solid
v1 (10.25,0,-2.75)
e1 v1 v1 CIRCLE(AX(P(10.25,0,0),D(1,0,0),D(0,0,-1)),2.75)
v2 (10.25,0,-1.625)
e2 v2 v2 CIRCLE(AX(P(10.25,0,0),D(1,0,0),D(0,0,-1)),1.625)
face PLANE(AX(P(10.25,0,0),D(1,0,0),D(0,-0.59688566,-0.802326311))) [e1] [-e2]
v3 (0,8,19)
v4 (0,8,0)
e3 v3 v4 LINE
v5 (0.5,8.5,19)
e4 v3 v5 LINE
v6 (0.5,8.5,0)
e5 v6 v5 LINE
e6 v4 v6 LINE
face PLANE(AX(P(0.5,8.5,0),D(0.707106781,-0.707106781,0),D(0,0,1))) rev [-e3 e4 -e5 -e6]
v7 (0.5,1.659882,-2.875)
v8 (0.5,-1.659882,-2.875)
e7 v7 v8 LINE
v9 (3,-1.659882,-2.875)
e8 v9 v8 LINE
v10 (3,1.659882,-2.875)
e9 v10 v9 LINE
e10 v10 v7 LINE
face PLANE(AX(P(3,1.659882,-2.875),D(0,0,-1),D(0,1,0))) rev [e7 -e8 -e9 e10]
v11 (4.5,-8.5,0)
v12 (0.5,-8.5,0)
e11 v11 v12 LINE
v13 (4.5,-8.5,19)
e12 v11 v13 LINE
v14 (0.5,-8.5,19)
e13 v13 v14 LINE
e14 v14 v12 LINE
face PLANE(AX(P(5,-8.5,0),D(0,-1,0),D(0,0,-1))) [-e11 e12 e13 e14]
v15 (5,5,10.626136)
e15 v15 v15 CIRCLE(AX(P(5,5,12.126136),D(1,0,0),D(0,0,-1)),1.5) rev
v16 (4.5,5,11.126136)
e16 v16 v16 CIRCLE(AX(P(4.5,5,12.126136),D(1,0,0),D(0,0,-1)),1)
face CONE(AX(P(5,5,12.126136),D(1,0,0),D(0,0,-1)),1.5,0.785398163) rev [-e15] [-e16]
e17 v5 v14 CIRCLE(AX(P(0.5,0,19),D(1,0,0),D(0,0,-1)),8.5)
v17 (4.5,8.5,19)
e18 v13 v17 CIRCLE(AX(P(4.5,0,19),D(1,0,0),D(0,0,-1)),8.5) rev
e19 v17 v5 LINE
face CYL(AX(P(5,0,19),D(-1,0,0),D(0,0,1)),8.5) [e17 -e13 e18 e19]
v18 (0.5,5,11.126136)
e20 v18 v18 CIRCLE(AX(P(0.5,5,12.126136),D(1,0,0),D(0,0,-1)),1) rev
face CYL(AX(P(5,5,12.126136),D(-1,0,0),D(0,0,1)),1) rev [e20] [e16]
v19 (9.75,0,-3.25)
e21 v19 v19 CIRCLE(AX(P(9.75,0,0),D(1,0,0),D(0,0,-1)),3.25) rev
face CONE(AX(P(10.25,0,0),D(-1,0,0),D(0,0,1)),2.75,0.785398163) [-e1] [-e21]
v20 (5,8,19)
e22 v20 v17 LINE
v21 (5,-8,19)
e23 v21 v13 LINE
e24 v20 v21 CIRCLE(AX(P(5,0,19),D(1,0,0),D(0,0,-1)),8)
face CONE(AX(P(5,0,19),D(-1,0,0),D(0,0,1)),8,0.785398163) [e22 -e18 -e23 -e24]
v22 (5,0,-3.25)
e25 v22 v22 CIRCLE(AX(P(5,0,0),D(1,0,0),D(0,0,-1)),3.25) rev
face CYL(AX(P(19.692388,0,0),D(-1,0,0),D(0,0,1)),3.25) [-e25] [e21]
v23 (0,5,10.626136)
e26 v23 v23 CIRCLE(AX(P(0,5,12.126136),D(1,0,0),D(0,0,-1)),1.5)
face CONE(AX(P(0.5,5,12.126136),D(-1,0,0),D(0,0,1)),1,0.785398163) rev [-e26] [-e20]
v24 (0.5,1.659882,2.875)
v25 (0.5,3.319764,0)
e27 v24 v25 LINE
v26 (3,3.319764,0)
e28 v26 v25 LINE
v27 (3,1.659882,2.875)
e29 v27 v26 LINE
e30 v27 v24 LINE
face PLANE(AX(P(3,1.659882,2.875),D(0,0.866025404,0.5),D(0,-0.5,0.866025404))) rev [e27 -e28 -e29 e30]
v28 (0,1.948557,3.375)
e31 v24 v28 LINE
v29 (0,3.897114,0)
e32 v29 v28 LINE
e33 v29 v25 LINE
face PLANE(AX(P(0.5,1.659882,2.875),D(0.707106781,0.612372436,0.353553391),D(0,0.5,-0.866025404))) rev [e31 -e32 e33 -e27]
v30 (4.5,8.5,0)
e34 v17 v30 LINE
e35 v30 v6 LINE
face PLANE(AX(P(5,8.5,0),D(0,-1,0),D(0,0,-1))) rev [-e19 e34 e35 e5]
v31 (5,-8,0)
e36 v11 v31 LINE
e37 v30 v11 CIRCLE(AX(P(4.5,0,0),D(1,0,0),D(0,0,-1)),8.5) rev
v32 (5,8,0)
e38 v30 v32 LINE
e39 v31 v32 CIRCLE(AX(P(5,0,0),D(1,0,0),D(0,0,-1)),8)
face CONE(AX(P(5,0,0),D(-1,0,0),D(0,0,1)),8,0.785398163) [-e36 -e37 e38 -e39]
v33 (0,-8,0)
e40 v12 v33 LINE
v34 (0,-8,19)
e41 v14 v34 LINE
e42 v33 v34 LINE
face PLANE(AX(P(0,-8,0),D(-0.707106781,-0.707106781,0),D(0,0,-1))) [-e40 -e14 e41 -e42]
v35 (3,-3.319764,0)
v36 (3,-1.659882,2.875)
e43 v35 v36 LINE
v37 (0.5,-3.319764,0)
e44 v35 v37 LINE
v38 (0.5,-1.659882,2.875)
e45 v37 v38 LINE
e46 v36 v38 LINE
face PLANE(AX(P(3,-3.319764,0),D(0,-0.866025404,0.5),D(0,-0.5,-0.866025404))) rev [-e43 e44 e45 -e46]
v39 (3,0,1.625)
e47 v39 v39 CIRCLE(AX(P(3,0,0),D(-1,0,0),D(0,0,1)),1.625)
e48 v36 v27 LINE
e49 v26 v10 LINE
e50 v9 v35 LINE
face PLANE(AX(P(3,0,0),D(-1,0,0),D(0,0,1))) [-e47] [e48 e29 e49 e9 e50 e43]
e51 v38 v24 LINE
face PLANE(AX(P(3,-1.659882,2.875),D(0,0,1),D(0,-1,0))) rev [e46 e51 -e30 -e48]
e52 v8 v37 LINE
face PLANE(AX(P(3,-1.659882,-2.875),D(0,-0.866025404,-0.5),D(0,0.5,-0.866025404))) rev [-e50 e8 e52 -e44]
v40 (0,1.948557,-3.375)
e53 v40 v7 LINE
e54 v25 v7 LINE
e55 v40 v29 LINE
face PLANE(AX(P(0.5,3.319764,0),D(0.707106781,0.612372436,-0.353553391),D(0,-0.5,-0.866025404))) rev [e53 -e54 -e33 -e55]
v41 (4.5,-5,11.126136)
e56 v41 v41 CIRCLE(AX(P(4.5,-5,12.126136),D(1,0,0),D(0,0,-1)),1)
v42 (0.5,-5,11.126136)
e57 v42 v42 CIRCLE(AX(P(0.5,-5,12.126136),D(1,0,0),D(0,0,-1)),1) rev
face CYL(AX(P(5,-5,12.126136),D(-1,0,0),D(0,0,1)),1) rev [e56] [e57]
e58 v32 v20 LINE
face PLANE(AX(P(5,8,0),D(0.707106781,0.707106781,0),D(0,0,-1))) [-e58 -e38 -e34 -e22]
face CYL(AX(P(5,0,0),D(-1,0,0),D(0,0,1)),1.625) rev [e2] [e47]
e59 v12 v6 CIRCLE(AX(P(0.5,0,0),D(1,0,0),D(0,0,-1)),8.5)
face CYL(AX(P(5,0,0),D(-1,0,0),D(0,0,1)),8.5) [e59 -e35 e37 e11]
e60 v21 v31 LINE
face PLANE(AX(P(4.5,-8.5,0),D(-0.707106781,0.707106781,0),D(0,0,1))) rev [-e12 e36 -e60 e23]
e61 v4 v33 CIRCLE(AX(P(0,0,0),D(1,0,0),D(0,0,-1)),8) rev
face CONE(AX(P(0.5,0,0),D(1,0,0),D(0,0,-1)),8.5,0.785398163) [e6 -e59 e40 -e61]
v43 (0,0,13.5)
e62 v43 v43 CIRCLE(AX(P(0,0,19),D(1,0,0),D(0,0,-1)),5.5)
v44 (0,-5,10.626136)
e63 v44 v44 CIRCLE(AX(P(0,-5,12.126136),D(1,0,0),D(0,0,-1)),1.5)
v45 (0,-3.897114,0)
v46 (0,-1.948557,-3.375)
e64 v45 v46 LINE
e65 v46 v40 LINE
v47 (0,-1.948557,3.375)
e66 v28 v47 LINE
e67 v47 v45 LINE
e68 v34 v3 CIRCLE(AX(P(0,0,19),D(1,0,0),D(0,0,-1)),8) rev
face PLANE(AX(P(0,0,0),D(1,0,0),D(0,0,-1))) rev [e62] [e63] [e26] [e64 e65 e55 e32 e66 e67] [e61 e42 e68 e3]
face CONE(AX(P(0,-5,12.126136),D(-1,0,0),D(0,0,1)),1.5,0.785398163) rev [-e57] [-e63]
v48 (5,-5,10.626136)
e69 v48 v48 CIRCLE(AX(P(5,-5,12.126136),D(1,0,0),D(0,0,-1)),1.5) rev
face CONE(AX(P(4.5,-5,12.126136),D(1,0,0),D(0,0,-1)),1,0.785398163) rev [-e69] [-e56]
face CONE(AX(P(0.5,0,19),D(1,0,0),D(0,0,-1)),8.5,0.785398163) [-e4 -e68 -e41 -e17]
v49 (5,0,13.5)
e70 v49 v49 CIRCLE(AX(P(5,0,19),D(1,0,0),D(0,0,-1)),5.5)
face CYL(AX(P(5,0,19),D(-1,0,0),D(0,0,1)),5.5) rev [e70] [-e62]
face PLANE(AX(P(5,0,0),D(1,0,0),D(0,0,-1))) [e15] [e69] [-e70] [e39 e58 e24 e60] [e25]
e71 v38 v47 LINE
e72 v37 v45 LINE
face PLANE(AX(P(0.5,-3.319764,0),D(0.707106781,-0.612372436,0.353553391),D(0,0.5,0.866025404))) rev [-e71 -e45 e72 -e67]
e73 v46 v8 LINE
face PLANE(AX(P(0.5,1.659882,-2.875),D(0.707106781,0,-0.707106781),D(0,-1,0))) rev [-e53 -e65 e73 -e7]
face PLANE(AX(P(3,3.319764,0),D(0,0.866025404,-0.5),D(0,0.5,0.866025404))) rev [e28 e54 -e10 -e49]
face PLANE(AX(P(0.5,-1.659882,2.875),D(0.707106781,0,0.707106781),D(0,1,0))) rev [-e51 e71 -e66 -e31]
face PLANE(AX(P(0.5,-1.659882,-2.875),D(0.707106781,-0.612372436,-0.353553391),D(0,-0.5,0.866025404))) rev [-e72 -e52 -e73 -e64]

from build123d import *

# Parameters (mm, degrees)
SKETCH1_R           = 1.625
SKETCH1_R_2         = 5.5
SKETCH1_R_3         = 1
BOSS_EXTRUDE1_DEPTH = 5
SKETCH1_3_R         = 3.25
SKETCH1_3_R_2       = 1.625
BOSS_EXTRUDE2_DEPTH = 10.25
CUT_EXTRUDE1_DEPTH  = 3
CHAMFER2_SIZE       = 0.5


with BuildPart() as part:
    # Sketch1 → Boss-Extrude1 (new body)
    with BuildSketch(Plane(origin=(0, 0, 0), x_dir=(0, 0, -1), z_dir=(1, 0, 0))):
        with BuildLine():
            Line((0, -8.5), (-19, -8.5))
            ThreePointArc((-19, -8.5), (-27.5, 0), (-19, 8.5))
            Line((-19, 8.5), (0, 8.5))
            ThreePointArc((0, 8.5), (8.5, 0), (0, -8.5))
        make_face()
        Circle(SKETCH1_R, mode=Mode.SUBTRACT)
        with Locations((-19, 0)):
            Circle(SKETCH1_R_2, mode=Mode.SUBTRACT)
        with Locations((-12.126136458, -5)):
            Circle(SKETCH1_R_3, mode=Mode.SUBTRACT)
        with Locations((-12.126136458, 5)):
            Circle(SKETCH1_R_3, mode=Mode.SUBTRACT)
    extrude(amount=BOSS_EXTRUDE1_DEPTH)

    # Sketch1<3> → Boss-Extrude2 (add)
    with BuildSketch(Plane(origin=(0, 0, 0), x_dir=(0, 0, -1), z_dir=(1, 0, 0))):
        Circle(SKETCH1_3_R)
        Circle(SKETCH1_3_R_2, mode=Mode.SUBTRACT)
    extrude(amount=BOSS_EXTRUDE2_DEPTH)

    # Sketch2 → Cut-Extrude1 (cut)
    with BuildSketch(Plane.ZY):
        Polygon((0, 3.319764048), (-2.875, 1.659882024), (-2.875, -1.659882024), (0, -3.319764048), (2.875, -1.659882024), (2.875, 1.659882024), align=None)
    extrude(amount=-CUT_EXTRUDE1_DEPTH, mode=Mode.SUBTRACT)

    # Chamfer2
    chamfer2_edges = [part.edges().sort_by_distance(p)[0] for p in [
        (0, 5, 13.126136458),
        (0, -5, 13.126136458),
        (0, 0, -8.5),
        (0, -8.5, 9.5),
        (0, 0, 27.5),
        (0, 8.5, 9.5),
        (5, 8.5, 9.5),
        (5, 0, 27.5),
        (5, -8.5, 9.5),
        (5, 0, -8.5),
        (10.25, 0, 3.25),
        (5, -5, 13.126136458),
        (5, 5, 13.126136458),
        (0, -2.489823036, -1.4375),
        (0, -2.489823036, 1.4375),
        (0, 0, 2.875),
        (0, 2.489823036, 1.4375),
        (0, 2.489823036, -1.4375),
        (0, 0, -2.875),
    ]]
    chamfer(chamfer2_edges, length=CHAMFER2_SIZE)


solid = part.part
